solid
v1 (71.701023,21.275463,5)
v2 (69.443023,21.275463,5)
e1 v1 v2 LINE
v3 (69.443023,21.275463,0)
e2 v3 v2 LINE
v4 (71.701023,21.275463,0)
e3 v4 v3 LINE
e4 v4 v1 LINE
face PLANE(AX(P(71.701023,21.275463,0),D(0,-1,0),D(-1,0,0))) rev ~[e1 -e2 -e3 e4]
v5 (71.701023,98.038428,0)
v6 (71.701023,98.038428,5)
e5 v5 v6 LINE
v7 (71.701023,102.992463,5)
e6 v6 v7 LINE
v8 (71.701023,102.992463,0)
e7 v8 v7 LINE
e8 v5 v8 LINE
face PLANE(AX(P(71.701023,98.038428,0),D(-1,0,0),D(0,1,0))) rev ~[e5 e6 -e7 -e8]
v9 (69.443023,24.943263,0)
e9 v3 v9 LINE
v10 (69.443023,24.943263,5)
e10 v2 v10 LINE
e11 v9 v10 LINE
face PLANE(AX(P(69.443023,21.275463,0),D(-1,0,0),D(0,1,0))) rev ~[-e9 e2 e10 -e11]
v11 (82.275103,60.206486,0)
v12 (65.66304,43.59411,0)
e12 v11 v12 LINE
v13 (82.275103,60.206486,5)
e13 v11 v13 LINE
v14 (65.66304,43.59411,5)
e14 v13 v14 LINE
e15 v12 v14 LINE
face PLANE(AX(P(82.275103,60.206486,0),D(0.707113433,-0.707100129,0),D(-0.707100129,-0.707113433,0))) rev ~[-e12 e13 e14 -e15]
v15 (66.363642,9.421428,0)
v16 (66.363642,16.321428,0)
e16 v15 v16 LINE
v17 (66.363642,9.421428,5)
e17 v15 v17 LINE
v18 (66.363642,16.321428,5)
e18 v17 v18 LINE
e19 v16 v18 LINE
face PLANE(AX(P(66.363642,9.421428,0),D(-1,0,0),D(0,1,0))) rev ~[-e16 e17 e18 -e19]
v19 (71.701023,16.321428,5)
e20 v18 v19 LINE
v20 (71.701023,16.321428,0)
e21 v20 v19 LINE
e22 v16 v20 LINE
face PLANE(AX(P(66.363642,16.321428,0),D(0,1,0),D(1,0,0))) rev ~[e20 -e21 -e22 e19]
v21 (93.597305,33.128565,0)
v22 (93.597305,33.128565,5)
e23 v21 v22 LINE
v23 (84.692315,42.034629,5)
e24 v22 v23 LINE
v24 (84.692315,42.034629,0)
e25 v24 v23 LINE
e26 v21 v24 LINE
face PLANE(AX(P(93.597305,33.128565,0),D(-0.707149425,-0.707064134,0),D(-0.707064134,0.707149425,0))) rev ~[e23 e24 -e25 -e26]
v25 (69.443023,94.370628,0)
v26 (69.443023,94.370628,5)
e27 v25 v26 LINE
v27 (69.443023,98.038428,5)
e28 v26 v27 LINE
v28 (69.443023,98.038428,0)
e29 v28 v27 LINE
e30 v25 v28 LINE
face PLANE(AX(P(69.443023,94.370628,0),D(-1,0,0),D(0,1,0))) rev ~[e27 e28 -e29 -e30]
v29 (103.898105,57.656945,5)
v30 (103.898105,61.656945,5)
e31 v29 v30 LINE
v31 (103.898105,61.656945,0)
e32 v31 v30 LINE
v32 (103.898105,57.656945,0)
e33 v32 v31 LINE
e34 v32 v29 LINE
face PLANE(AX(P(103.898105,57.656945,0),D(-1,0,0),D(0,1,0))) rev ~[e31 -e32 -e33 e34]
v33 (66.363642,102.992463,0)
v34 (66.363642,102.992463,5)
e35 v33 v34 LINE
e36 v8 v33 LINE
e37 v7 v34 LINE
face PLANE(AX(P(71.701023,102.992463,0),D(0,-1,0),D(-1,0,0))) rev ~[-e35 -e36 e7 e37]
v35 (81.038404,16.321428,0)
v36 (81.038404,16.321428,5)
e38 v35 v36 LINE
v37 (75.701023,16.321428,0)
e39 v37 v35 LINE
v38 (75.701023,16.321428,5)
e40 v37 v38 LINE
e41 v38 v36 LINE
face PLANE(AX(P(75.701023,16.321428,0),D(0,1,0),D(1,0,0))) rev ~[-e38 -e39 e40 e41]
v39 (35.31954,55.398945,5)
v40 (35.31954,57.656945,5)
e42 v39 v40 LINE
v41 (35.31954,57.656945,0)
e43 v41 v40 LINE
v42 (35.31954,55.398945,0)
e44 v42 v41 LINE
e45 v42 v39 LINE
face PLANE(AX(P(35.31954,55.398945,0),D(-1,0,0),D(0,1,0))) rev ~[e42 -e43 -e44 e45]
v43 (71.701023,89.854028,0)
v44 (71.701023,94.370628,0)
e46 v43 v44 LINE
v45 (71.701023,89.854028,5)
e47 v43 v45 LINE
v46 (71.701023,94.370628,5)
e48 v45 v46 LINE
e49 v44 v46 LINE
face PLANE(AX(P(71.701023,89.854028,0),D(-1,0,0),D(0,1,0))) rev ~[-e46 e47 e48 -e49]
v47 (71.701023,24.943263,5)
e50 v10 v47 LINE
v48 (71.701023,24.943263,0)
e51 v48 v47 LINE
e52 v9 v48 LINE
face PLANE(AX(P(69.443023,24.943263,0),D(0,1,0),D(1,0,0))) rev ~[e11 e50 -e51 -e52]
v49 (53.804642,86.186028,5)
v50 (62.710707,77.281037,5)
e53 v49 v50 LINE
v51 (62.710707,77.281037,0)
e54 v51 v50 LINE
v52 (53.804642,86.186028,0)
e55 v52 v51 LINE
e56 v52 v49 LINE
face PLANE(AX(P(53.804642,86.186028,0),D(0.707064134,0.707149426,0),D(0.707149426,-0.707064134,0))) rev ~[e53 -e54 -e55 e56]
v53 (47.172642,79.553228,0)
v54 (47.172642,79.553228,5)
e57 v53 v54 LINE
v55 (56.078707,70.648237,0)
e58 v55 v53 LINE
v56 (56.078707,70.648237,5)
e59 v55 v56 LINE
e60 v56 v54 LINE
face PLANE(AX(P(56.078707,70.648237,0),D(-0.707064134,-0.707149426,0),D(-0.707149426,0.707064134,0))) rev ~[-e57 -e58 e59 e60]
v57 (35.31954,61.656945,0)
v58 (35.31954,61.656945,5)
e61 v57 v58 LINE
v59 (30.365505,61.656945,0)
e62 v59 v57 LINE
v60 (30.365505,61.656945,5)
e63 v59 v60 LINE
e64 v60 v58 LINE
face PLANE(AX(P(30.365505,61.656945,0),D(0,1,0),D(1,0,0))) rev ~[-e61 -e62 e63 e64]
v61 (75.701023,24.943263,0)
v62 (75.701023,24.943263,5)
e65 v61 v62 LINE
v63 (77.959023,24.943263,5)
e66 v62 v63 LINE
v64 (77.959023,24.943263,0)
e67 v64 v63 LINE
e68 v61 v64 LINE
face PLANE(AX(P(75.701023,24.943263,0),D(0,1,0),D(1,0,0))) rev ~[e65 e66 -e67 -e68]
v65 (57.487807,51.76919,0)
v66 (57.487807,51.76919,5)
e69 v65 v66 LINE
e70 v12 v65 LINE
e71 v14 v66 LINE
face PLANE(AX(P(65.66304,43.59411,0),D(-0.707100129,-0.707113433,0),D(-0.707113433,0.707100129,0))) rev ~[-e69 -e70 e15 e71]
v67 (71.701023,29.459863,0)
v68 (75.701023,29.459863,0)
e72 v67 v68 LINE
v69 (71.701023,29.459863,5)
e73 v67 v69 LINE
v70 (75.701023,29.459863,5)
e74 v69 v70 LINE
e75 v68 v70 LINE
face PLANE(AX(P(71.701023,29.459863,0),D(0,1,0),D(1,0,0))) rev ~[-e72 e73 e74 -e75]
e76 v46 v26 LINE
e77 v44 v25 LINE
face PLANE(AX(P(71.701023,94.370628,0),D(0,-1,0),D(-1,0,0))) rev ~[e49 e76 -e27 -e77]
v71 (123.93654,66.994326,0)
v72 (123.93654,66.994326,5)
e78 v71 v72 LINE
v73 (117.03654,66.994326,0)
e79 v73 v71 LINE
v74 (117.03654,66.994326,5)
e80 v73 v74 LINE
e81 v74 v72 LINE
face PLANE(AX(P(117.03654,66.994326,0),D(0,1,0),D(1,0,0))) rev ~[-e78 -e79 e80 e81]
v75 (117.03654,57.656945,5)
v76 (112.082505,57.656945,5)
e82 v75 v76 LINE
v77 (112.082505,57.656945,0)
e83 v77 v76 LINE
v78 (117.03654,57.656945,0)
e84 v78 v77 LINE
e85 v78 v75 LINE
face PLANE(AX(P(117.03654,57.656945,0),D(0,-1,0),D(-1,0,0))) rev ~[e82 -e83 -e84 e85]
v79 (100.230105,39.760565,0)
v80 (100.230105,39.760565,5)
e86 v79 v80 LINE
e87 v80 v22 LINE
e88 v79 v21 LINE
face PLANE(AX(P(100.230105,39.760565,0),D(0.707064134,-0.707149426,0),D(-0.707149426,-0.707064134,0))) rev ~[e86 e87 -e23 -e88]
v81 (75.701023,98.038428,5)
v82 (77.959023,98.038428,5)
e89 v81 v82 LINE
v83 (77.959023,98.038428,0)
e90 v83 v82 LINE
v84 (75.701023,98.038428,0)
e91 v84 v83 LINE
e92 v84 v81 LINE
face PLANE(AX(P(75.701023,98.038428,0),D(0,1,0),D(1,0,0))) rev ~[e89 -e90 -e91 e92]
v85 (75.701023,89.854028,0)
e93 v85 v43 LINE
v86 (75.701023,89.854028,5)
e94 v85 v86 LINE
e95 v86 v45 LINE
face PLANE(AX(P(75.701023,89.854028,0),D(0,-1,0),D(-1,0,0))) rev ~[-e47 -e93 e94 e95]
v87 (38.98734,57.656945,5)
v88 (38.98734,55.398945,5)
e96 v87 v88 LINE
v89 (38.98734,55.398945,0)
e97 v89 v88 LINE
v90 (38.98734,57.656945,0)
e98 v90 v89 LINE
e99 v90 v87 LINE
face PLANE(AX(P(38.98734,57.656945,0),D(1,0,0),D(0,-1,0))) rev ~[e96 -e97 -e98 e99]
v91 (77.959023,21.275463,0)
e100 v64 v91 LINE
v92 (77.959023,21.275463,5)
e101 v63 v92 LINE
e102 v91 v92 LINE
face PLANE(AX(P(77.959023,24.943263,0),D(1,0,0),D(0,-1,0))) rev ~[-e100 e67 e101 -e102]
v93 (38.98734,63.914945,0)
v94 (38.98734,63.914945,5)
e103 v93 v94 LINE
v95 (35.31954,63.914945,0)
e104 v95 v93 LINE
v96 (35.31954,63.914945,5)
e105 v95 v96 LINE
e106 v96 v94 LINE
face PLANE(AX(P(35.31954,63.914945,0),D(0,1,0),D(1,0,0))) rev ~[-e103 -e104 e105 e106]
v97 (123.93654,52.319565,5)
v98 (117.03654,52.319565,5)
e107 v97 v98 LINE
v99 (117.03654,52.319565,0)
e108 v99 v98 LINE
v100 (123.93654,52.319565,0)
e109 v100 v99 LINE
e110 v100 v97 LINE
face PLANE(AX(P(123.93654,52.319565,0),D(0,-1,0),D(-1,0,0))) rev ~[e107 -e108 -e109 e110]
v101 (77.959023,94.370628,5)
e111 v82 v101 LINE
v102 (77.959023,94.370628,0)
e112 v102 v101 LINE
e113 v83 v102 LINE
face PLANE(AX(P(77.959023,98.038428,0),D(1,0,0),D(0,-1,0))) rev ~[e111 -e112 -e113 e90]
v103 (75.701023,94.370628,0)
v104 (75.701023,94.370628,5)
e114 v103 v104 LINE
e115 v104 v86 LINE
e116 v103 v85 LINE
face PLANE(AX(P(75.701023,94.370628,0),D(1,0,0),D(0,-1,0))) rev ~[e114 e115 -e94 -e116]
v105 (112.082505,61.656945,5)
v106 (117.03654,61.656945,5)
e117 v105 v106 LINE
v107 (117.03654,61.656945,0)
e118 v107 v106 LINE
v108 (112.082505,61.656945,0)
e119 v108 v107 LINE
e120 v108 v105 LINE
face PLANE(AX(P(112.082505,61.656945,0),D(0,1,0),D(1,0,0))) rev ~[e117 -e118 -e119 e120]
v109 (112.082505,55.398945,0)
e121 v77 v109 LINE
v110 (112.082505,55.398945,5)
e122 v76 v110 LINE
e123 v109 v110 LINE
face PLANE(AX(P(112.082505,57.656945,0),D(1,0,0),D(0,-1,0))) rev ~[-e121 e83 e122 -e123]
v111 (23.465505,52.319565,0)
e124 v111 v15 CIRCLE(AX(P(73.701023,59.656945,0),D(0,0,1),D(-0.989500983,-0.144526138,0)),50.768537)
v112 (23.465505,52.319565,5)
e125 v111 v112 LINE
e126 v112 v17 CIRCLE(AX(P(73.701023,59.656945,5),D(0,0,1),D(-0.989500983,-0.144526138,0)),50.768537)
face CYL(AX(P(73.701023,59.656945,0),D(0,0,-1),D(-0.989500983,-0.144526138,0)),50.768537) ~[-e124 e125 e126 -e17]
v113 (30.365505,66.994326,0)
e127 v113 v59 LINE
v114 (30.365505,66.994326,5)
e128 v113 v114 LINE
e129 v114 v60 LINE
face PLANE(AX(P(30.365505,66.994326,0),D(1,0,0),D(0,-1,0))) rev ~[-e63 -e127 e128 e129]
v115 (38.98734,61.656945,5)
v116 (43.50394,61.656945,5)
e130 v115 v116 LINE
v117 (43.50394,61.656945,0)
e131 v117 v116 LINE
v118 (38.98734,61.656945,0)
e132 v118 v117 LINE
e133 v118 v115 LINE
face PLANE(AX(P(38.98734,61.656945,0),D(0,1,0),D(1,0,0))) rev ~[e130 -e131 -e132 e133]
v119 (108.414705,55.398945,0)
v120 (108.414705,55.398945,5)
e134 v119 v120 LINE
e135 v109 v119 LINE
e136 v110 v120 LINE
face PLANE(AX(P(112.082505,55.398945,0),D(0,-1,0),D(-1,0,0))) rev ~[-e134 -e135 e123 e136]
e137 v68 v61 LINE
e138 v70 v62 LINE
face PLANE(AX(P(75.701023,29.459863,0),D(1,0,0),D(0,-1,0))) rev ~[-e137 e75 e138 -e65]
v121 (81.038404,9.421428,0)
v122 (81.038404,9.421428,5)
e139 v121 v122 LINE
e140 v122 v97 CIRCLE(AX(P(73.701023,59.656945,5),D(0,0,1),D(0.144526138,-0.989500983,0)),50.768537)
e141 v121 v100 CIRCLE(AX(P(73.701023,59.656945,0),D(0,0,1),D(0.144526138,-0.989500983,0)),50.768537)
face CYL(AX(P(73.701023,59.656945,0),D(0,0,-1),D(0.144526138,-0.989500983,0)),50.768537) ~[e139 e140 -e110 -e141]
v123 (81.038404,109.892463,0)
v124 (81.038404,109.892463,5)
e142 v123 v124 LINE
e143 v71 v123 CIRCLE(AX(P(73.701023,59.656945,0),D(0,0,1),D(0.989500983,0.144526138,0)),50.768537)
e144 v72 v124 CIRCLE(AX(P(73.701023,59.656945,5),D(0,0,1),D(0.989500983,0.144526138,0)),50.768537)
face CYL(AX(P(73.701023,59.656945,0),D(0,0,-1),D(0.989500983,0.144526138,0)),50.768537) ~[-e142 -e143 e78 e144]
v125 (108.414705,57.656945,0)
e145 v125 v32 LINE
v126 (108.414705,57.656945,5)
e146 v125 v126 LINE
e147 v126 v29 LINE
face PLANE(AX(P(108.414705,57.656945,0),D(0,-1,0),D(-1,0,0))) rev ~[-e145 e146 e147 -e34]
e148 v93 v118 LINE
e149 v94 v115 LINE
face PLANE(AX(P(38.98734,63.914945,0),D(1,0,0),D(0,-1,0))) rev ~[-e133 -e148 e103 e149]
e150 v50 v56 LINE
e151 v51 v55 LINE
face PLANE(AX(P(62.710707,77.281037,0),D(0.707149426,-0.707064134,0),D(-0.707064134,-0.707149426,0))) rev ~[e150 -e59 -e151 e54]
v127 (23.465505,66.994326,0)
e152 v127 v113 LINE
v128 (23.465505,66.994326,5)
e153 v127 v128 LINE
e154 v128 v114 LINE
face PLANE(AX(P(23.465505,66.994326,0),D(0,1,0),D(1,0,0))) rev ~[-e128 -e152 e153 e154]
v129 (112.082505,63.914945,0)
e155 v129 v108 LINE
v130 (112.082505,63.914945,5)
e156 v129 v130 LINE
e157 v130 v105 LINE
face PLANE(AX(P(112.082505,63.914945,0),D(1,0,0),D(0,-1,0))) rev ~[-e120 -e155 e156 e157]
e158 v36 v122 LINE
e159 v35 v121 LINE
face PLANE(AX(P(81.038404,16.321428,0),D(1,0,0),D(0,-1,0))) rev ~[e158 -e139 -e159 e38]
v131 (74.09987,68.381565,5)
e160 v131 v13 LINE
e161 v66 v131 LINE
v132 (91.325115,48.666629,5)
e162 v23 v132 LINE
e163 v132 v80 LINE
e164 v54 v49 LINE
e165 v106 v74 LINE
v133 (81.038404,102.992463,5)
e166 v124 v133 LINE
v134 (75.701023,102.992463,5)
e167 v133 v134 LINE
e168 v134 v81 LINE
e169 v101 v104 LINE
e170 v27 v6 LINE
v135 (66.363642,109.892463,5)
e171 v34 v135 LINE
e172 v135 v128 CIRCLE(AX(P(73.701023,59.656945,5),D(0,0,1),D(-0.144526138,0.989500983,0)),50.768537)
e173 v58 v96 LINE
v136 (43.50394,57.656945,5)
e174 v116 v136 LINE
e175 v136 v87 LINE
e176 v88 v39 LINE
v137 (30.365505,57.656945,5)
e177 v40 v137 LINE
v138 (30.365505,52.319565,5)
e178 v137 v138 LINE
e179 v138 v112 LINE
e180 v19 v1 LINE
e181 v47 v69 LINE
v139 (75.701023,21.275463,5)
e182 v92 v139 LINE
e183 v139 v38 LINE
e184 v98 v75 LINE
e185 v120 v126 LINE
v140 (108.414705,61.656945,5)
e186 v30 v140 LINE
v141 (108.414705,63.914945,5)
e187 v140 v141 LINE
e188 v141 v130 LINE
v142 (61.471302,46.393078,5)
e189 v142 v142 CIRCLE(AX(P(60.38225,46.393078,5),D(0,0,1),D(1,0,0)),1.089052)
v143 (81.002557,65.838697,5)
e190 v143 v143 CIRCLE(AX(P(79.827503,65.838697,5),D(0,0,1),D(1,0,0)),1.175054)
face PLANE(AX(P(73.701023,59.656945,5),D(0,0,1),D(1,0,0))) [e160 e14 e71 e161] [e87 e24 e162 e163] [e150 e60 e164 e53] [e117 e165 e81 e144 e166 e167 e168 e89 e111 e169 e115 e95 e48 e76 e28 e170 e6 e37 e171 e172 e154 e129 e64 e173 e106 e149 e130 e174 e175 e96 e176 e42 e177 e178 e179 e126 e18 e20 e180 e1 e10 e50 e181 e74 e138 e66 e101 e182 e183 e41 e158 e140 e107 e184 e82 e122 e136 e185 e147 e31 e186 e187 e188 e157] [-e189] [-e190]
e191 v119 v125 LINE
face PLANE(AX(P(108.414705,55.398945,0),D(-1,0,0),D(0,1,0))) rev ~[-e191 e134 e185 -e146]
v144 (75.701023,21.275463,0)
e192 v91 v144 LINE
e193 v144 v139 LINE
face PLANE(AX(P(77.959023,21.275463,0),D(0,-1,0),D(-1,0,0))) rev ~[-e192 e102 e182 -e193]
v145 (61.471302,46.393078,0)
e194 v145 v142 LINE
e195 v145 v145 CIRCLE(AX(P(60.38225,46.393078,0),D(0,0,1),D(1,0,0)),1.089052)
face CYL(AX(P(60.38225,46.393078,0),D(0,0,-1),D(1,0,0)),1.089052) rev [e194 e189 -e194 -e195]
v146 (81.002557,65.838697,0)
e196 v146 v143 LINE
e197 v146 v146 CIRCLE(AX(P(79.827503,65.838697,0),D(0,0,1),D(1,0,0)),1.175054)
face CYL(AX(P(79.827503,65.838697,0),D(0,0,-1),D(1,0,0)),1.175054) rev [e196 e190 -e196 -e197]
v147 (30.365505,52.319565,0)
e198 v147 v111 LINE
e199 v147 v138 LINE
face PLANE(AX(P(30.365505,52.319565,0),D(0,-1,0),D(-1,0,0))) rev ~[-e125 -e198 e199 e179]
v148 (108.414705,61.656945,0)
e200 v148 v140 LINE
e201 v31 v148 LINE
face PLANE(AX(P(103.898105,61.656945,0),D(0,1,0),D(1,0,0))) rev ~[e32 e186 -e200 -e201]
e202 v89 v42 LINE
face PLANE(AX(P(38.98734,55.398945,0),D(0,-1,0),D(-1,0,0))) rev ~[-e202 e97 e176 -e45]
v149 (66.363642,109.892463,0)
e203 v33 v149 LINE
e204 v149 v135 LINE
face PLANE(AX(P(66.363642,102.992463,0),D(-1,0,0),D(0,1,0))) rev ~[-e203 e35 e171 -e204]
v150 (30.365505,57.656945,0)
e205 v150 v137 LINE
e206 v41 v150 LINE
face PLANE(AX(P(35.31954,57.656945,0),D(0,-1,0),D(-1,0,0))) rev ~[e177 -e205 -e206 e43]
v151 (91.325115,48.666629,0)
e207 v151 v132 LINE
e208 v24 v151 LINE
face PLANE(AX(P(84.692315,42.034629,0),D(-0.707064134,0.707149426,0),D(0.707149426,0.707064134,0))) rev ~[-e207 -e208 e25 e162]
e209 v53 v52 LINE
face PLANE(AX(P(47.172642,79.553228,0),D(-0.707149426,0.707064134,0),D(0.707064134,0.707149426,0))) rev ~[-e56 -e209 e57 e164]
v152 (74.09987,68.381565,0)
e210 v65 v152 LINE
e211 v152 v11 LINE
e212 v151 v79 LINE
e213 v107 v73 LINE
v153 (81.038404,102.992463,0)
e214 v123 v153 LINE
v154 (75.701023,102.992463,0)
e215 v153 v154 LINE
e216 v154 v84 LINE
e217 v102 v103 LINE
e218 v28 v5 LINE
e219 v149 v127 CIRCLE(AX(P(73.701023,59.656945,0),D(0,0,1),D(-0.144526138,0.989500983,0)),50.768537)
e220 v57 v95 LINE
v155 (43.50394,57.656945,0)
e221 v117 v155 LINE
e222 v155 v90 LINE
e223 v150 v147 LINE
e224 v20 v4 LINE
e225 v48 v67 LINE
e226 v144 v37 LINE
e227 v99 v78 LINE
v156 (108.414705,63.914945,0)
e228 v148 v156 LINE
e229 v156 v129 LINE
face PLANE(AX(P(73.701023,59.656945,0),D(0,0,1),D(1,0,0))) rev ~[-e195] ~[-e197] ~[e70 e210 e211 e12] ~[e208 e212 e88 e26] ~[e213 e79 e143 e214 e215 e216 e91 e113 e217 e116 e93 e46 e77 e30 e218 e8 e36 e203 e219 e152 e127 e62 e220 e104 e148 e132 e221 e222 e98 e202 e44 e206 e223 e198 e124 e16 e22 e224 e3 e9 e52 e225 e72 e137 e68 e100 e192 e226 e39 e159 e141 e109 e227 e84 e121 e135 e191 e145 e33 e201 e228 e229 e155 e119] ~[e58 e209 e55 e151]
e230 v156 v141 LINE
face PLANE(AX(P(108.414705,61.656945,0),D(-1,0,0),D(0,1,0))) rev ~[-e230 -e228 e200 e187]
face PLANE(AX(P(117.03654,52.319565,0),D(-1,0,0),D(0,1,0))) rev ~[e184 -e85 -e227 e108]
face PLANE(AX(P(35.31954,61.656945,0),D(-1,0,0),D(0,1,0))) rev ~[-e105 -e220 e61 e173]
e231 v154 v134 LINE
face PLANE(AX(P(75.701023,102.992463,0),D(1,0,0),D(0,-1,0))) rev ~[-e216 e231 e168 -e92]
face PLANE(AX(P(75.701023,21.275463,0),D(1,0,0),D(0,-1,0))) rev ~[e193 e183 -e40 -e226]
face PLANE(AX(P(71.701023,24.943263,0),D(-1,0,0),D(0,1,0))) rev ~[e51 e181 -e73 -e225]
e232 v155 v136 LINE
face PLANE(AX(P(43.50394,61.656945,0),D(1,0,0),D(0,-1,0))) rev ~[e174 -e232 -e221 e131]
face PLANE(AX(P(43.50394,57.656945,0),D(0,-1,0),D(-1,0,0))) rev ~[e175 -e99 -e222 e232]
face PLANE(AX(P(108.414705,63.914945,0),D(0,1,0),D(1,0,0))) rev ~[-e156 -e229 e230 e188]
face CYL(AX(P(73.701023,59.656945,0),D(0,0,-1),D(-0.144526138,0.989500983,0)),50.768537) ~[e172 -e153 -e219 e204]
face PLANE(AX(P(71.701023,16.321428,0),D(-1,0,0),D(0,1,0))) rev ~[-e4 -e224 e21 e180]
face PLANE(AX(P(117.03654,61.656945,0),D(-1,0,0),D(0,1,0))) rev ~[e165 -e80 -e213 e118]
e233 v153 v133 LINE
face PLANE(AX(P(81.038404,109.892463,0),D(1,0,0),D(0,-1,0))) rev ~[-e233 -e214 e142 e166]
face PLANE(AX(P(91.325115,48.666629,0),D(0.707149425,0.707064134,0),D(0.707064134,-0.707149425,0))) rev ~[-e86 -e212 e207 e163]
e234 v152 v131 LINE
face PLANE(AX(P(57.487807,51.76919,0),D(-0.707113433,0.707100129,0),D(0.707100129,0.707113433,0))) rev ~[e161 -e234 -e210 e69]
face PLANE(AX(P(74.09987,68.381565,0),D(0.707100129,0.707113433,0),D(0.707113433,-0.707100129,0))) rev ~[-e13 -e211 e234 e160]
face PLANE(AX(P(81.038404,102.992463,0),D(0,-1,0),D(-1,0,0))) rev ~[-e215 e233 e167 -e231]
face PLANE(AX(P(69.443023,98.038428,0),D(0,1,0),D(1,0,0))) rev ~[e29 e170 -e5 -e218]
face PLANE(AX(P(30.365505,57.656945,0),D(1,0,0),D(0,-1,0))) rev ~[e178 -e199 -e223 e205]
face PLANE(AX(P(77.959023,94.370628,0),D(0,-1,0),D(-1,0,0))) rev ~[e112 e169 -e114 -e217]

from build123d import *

# Parameters (mm, degrees)
SKETCH3_R           = 1.089052178
SKETCH3_R_2         = 1.175054292
BOSS_EXTRUDE5_DEPTH = 5


with BuildPart() as part:
    # Sketch3 → Boss-Extrude5 (new body)
    with BuildSketch(Plane.XY):
        with BuildLine():
            Line((81.038403504, 109.892462561), (81.038403504, 102.992462561))
            Line((81.038403504, 102.992462561), (75.701022894, 102.992462561))
            Line((75.701022894, 102.992462561), (75.701022894, 98.038427684))
            Line((75.701022894, 98.038427684), (77.959022894, 98.038427684))
            Line((77.959022894, 98.038427684), (77.959022894, 94.370627684))
            Line((77.959022894, 94.370627684), (75.701022894, 94.370627684))
            Line((75.701022894, 94.370627684), (75.701022894, 89.854027684))
            Line((75.701022894, 89.854027684), (71.701022894, 89.854027684))
            Line((71.701022894, 89.854027684), (71.701022894, 94.370627684))
            Line((71.701022894, 94.370627684), (69.443022894, 94.370627684))
            Line((69.443022894, 94.370627684), (69.443022894, 98.038427684))
            Line((69.443022894, 98.038427684), (71.701022894, 98.038427684))
            Line((71.701022894, 98.038427684), (71.701022894, 102.992462561))
            Line((71.701022894, 102.992462561), (66.363642284, 102.992462561))
            Line((66.363642284, 102.992462561), (66.363642284, 109.892462561))
            ThreePointArc((66.363642284, 109.892462561), (37.802245989, 95.555722027), (23.465505456, 66.994325733))
            Line((23.465505456, 66.994325733), (30.365505456, 66.994325733))
            Line((30.365505456, 66.994325733), (30.365505456, 61.656945123))
            Line((30.365505456, 61.656945123), (35.319540332, 61.656945123))
            Line((35.319540332, 61.656945123), (35.319540332, 63.914945123))
            Line((35.319540332, 63.914945123), (38.987340332, 63.914945123))
            Line((38.987340332, 63.914945123), (38.987340332, 61.656945123))
            Line((38.987340332, 61.656945123), (43.503940332, 61.656945123))
            Line((43.503940332, 61.656945123), (43.503940332, 57.656945123))
            Line((43.503940332, 57.656945123), (38.987340332, 57.656945123))
            Line((38.987340332, 57.656945123), (38.987340332, 55.398945123))
            Line((38.987340332, 55.398945123), (35.319540332, 55.398945123))
            Line((35.319540332, 55.398945123), (35.319540332, 57.656945123))
            Line((35.319540332, 57.656945123), (30.365505456, 57.656945123))
            Line((30.365505456, 57.656945123), (30.365505456, 52.319564513))
            Line((30.365505456, 52.319564513), (23.465505456, 52.319564513))
            ThreePointArc((23.465505456, 52.319564513), (37.802245989, 23.758168218), (66.363642284, 9.421427684))
            Line((66.363642284, 9.421427684), (66.363642284, 16.321427684))
            Line((66.363642284, 16.321427684), (71.701022894, 16.321427684))
            Line((71.701022894, 16.321427684), (71.701022894, 21.275462561))
            Line((71.701022894, 21.275462561), (69.443022894, 21.275462561))
            Line((69.443022894, 21.275462561), (69.443022894, 24.943262561))
            Line((69.443022894, 24.943262561), (71.701022894, 24.943262561))
            Line((71.701022894, 24.943262561), (71.701022894, 29.459862561))
            Line((71.701022894, 29.459862561), (75.701022894, 29.459862561))
            Line((75.701022894, 29.459862561), (75.701022894, 24.943262561))
            Line((75.701022894, 24.943262561), (77.959022894, 24.943262561))
            Line((77.959022894, 24.943262561), (77.959022894, 21.275462561))
            Line((77.959022894, 21.275462561), (75.701022894, 21.275462561))
            Line((75.701022894, 21.275462561), (75.701022894, 16.321427684))
            Line((75.701022894, 16.321427684), (81.038403504, 16.321427684))
            Line((81.038403504, 16.321427684), (81.038403504, 9.421427684))
            ThreePointArc((81.038403504, 9.421427684), (109.599799799, 23.758168218), (123.936540332, 52.319564513))
            Line((123.936540332, 52.319564513), (117.036540332, 52.319564513))
            Line((117.036540332, 52.319564513), (117.036540332, 57.656945123))
            Line((117.036540332, 57.656945123), (112.082505456, 57.656945123))
            Line((112.082505456, 57.656945123), (112.082505456, 55.398945123))
            Line((112.082505456, 55.398945123), (108.414705456, 55.398945123))
            Line((108.414705456, 55.398945123), (108.414705456, 57.656945123))
            Line((108.414705456, 57.656945123), (103.898105456, 57.656945123))
            Line((103.898105456, 57.656945123), (103.898105456, 61.656945123))
            Line((103.898105456, 61.656945123), (108.414705456, 61.656945123))
            Line((108.414705456, 61.656945123), (108.414705456, 63.914945123))
            Line((108.414705456, 63.914945123), (112.082505456, 63.914945123))
            Line((112.082505456, 63.914945123), (112.082505456, 61.656945123))
            Line((112.082505456, 61.656945123), (117.036540332, 61.656945123))
            Line((117.036540332, 61.656945123), (117.036540332, 66.994325733))
            Line((117.036540332, 66.994325733), (123.936540332, 66.994325733))
            ThreePointArc((123.936540332, 66.994325733), (109.599799799, 95.555722027), (81.038403504, 109.892462561))
        make_face()
        with Locations((60.382249582, 46.393077684)):
            Circle(SKETCH3_R, mode=Mode.SUBTRACT)
        Polygon((65.663040298, 43.594110186), (57.487806829, 51.769189843), (74.099869727, 68.381565292), (82.275103197, 60.206485634), align=None, mode=Mode.SUBTRACT)
        Polygon((93.597305456, 33.128564513), (84.692315031, 42.034629122), (91.325115031, 48.666629122), (100.230105456, 39.760564513), align=None, mode=Mode.SUBTRACT)
        Polygon((56.078706893, 70.64823726), (47.172642284, 79.553227684), (53.804642284, 86.186027684), (62.710706893, 77.28103726), align=None, mode=Mode.SUBTRACT)
        with Locations((79.827503135, 65.838697094)):
            Circle(SKETCH3_R_2, mode=Mode.SUBTRACT)
    extrude(amount=BOSS_EXTRUDE5_DEPTH)


solid = part.part
